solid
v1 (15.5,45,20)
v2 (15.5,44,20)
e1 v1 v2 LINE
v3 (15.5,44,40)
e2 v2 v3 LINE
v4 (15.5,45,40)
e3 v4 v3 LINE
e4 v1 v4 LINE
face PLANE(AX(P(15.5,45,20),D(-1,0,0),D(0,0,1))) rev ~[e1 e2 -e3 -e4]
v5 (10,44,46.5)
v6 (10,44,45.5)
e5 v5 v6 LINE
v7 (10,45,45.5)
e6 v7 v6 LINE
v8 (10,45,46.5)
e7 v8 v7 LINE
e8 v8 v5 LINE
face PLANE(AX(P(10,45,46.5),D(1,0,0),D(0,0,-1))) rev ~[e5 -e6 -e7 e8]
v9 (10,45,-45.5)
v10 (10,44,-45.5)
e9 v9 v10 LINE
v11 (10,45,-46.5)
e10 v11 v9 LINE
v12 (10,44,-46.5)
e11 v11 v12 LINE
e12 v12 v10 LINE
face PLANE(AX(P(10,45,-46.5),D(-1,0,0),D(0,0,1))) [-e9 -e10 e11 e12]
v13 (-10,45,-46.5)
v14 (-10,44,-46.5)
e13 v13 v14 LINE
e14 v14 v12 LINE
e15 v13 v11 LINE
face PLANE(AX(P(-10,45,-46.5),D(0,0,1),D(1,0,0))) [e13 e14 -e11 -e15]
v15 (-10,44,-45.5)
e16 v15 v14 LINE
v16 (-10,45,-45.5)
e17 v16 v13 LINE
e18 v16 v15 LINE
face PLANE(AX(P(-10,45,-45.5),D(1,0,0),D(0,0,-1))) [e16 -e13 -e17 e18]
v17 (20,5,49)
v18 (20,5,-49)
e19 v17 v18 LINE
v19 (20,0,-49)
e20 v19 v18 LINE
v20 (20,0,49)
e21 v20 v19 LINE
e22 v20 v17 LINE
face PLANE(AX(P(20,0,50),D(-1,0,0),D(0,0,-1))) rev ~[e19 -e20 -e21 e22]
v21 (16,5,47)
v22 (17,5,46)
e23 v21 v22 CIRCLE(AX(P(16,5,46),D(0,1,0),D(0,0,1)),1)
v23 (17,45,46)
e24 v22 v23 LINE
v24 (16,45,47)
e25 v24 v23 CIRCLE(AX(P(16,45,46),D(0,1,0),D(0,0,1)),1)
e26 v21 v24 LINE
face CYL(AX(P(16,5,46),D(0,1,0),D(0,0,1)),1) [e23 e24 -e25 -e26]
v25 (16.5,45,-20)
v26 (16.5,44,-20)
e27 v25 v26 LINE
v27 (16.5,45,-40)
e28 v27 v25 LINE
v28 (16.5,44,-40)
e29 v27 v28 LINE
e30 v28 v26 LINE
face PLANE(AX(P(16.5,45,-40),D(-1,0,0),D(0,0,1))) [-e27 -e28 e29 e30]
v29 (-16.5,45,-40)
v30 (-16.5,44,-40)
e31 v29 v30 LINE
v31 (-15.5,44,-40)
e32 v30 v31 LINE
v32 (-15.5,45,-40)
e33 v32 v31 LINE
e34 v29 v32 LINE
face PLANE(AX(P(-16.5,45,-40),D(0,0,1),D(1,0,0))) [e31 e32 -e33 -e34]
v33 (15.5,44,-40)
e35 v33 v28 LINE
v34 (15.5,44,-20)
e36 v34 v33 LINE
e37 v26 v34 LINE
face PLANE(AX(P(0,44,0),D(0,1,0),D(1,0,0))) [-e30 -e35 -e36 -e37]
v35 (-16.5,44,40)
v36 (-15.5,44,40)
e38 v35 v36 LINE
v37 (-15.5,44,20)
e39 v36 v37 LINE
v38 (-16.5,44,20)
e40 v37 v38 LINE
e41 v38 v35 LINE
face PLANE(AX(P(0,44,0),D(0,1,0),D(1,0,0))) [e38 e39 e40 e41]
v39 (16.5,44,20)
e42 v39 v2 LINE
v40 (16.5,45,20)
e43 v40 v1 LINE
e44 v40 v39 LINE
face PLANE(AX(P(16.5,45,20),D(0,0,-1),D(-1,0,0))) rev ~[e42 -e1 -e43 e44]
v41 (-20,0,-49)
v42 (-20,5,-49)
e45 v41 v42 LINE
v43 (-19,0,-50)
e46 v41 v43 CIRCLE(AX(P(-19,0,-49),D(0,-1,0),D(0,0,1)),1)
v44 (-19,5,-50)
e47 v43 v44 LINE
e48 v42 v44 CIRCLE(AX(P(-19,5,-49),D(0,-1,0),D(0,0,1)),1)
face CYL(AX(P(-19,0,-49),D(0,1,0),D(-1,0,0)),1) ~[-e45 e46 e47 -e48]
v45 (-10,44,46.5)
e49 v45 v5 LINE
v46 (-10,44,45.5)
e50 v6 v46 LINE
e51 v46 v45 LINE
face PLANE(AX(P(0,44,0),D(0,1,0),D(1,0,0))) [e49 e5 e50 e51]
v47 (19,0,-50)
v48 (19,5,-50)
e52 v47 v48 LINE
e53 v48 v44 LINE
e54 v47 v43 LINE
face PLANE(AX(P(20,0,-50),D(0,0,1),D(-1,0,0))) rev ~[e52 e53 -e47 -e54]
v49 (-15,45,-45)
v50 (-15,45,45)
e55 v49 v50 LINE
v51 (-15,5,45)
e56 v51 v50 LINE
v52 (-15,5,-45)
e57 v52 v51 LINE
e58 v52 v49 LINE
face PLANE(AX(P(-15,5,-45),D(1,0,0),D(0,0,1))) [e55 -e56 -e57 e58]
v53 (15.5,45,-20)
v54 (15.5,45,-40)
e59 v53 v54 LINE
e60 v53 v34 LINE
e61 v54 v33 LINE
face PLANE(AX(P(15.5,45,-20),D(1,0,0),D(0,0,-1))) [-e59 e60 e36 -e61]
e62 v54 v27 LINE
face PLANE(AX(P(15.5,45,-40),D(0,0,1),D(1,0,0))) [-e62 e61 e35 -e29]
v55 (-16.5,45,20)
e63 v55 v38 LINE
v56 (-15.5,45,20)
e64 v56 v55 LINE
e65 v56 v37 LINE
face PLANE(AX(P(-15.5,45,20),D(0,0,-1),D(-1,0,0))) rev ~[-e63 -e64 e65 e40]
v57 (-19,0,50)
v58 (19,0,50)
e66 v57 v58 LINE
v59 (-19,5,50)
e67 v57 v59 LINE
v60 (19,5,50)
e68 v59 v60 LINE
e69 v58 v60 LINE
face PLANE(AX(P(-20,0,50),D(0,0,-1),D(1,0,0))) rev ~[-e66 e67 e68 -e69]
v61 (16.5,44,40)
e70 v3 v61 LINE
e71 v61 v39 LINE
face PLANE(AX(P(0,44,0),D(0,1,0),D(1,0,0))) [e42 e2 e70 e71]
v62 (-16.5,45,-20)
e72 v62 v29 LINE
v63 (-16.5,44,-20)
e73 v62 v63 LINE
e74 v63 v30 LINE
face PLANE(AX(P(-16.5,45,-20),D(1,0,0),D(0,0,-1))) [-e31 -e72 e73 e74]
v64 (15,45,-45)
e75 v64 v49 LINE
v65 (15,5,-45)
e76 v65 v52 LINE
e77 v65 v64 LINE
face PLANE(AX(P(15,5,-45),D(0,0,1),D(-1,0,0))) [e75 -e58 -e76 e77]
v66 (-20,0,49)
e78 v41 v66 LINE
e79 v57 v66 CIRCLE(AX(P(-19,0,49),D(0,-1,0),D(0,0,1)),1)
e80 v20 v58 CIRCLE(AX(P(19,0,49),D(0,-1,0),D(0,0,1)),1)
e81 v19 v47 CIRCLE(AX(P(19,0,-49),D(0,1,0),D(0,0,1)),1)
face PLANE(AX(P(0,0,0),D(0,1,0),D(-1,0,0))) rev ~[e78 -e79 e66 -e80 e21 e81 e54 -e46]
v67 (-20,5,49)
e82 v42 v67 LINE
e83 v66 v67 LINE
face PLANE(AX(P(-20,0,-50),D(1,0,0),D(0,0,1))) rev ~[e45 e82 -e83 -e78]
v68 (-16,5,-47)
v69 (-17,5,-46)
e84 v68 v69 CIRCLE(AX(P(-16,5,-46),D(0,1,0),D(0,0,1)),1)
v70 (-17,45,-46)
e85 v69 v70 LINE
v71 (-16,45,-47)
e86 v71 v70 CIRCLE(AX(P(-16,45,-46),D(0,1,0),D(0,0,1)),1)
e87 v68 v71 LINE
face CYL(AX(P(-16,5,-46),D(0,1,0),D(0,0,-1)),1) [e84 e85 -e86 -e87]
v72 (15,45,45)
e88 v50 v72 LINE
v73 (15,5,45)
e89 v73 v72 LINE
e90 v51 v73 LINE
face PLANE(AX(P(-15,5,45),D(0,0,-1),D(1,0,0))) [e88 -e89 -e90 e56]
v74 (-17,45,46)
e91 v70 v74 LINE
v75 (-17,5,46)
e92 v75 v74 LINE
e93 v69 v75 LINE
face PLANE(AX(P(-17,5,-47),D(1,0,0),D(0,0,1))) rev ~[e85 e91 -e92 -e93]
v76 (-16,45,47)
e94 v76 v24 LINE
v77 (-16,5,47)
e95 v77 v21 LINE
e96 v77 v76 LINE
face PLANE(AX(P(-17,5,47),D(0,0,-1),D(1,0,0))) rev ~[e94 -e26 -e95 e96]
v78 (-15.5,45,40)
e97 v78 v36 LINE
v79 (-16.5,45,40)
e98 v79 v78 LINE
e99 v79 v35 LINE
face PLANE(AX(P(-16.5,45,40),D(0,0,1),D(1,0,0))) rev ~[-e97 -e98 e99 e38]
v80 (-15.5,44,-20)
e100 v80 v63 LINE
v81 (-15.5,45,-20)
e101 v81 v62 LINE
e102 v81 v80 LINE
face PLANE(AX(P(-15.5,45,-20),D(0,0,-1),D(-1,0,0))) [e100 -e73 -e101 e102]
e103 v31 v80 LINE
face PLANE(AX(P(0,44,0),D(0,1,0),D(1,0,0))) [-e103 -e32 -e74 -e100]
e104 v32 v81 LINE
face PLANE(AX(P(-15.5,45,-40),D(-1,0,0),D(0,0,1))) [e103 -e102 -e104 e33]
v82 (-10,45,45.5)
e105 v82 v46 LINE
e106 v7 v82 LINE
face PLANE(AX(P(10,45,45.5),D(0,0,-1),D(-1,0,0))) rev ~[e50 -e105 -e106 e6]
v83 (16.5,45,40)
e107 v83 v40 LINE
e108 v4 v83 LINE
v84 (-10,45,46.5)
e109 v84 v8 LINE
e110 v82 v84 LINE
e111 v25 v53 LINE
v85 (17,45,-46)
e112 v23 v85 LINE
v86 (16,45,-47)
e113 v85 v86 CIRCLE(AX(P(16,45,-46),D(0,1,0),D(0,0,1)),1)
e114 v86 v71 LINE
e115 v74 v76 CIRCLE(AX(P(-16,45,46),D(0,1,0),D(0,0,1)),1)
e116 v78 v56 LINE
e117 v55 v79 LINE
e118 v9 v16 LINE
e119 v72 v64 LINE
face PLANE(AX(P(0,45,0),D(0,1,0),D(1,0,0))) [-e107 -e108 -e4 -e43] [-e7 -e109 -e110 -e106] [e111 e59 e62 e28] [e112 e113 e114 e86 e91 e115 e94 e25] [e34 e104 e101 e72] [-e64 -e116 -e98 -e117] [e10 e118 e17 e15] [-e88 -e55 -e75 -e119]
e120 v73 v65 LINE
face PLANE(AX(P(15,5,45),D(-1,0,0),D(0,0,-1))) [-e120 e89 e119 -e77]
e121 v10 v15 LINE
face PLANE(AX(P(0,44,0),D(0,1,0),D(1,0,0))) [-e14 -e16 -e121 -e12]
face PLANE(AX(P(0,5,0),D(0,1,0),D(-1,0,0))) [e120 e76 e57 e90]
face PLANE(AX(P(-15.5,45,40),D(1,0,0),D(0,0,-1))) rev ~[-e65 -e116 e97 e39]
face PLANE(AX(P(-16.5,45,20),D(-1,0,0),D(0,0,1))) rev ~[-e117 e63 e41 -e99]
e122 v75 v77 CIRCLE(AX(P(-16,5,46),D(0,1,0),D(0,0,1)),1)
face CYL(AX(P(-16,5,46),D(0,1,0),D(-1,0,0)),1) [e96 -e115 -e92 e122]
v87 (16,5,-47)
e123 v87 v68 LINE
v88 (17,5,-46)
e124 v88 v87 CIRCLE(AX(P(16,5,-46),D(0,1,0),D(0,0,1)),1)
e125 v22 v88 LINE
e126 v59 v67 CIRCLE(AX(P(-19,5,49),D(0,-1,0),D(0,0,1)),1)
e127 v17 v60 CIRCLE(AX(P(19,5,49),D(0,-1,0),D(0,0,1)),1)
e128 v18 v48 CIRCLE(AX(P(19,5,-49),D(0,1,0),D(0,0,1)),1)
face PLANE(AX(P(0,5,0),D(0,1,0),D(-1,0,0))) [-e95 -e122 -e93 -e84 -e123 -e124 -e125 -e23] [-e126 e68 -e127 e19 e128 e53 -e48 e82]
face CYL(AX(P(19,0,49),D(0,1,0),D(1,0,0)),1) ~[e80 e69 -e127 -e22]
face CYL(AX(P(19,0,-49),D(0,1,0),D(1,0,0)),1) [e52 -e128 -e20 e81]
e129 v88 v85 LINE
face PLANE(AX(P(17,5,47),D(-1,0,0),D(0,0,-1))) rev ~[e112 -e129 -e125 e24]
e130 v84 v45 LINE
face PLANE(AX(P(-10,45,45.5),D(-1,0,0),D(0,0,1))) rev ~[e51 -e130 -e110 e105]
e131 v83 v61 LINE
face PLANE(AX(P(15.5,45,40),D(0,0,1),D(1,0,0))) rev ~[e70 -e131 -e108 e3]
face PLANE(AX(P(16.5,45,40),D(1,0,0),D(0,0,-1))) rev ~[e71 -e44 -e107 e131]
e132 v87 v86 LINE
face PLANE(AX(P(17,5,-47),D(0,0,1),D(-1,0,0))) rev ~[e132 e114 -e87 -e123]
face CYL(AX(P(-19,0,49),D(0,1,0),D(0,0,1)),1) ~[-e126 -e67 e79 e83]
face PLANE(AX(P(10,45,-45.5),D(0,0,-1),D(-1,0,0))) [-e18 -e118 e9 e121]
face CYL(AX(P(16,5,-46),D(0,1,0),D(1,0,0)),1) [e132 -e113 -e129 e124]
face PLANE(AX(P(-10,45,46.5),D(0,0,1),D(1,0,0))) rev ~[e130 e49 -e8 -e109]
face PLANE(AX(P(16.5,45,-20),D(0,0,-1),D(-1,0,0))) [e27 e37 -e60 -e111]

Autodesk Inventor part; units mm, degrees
ref_plane "YZ Plane" through (0, 0, 0) normal (1, 0, 0) x (0, 1, 0)
ref_plane "XZ Plane" through (0, 0, 0) normal (0, 1, 0) x (-1, 0, 0)
ref_plane "XY Plane" through (0, 0, 0) normal (0, 0, 1) x (1, 0, 0)
sketch "Sketch1" plane through (0, 0, 0) normal (0, 1, 0) x (-1, 0, 0)
  line L0 (-20, -50) -> (20, -50)
  line L1 (20, -50) -> (20, 50)
  line L2 (20, 50) -> (-20, 50)
  line L3 (-20, 50) -> (-20, -50)
  line L4 (-20, -50) -> (20, 50) construction
  line L5 (20, -50) -> (-20, 50) construction
  point P0 (0, 0)
  dimension "d2" = 40
  dimension "d3" = 100
extrude "Extrusion1" add sketch "Sketch1" along normal blind 5
sketch "Sketch2" plane through (0, 5, 0) normal (0, 1, 0) x (1, 0, 0)
  line L0 (-20, 50) -> (-20, -50) projected
  line L1 (-20, -50) -> (20, -50) projected
  line L2 (20, -50) -> (20, 50) projected
  line L3 (20, 50) -> (-20, 50) projected
  line L4 (17, 47) -> (-17, 47)
  line L5 (-17, 47) -> (-17, -47)
  line L6 (-17, -47) -> (17, -47)
  line L7 (17, -47) -> (17, 47)
  line L8 (17, 47) -> (-17, -47) construction
  line L9 (-17, 47) -> (17, -47) construction
  line L10 (15, 45) -> (-15, 45)
  line L11 (-15, 45) -> (-15, -45)
  line L12 (-15, -45) -> (15, -45)
  line L13 (15, -45) -> (15, 45)
  line L14 (15, 45) -> (-15, -45) construction
  line L15 (-15, 45) -> (15, -45) construction
  point P0 (0, 0)
  dimension "d6" = 3
  dimension "d7" = 2
  dimension "d52" = 3
  dimension "d53" = 2
extrude "Extrusion2" add sketch "Sketch2" along normal blind 40 contours L7 L6 L5 L4
fillet "Fillet1" radius 1 1 edges at (20, 2.5, 50)
fillet "Fillet2" radius 1 1 edges at (20, 2.5, -50)
fillet "Fillet3" radius 1 1 edges at (-20, 2.5, 50)
fillet "Fillet4" radius 1 1 edges at (-20, 2.5, -50)
fillet "Fillet5" radius 1 1 edges at (-17, 25, 47)
fillet "Fillet6" radius 1 1 edges at (17, 25, 47)
fillet "Fillet7" radius 1 1 edges at (17, 25, -47)
fillet "Fillet8" radius 1 1 edges at (-17, 25, -47)
sketch "Sketch3" plane through (0, 45, 0) normal (0, 1, 0) x (1, 0, 0)
  arc A0 (-16, 47) -> (-17, 46) centre (-16, 46) ccw projected
  line L0 (-17, 46) -> (-17, -46) projected
  arc A1 (-17, -46) -> (-16, -47) centre (-16, -46) ccw projected
  line L1 (-16, -47) -> (16, -47) projected
  arc A2 (16, -47) -> (17, -46) centre (16, -46) ccw projected
  line L2 (17, -46) -> (17, 46) projected
  arc A3 (17, 46) -> (16, 47) centre (16, 46) ccw projected
  line L3 (16, 47) -> (-16, 47) projected
  line L4 (15, 45) -> (15, -45) projected
  line L5 (15, -45) -> (-15, -45) projected
  line L6 (-15, -45) -> (-15, 45) projected
  line L7 (-15, 45) -> (15, 45) projected
  line L8 (-16.5, -40) -> (-15.5, -40)
  line L9 (-15.5, -40) -> (-15.5, -20)
  line L10 (-15.5, -20) -> (-16.5, -20)
  line L11 (-16.5, -20) -> (-16.5, -40)
  line L12 (-16.5, 40) -> (-15.5, 40)
  line L13 (-15.5, 40) -> (-15.5, 20)
  line L14 (-15.5, 20) -> (-16.5, 20)
  line L15 (-16.5, 20) -> (-16.5, 40)
  line L16 (-10, 46.5) -> (10, 46.5)
  line L17 (10, 46.5) -> (10, 45.5)
  line L18 (10, 45.5) -> (-10, 45.5)
  line L19 (-10, 45.5) -> (-10, 46.5)
  line L20 (10, 46.5) -> (-10, 46.5)
  line L21 (-10, 46.5) -> (-10, 45.5)
  line L22 (-10, 45.5) -> (10, 45.5)
  line L23 (10, 45.5) -> (10, 46.5)
  line L24 (15.5, 40) -> (16.5, 40)
  line L25 (16.5, 40) -> (16.5, 20)
  line L26 (16.5, 20) -> (15.5, 20)
  line L27 (15.5, 20) -> (15.5, 40)
  line L28 (15.5, -40) -> (16.5, -40)
  line L29 (16.5, -40) -> (16.5, -20)
  line L30 (16.5, -20) -> (15.5, -20)
  line L31 (15.5, -20) -> (15.5, -40)
  line L32 (10, -45.5) -> (-10, -45.5)
  line L33 (-10, -45.5) -> (-10, -46.5)
  line L34 (-10, -46.5) -> (10, -46.5)
  line L35 (10, -46.5) -> (10, -45.5)
  line L36 (-10, -45.5) -> (10, -45.5)
  line L37 (10, -45.5) -> (10, -46.5)
  line L38 (10, -46.5) -> (-10, -46.5)
  line L39 (-10, -46.5) -> (-10, -45.5)
  point P0 (0, 0)
  point P1 (-16, 40)
  point P2 (-16, 20)
  point P3 (16, 40)
  dimension "d18" = 1
  dimension "d19" = 20
  dimension "d20" = 0.5
  dimension "d21" = 7
  dimension "d22" = 7
  dimension "d23" = 0.5
  dimension "d24" = 1
  dimension "d25" = 20
  dimension "d26" = 20
  dimension "d27" = 1
  dimension "d28" = 0.5
  dimension "d29" = 7
  dimension "d30" = 20
  dimension "d31" = 1
  dimension "d32" = 0.5
  dimension "d33" = 7
  dimension "d34" = 1
  dimension "d35" = 20
  dimension "d36" = 0.5
  dimension "d37" = 7
  dimension "d38" = 1
  dimension "d39" = 20
  dimension "d40" = 7
  dimension "d41" = 0.5
  dimension "d42" = 20
  dimension "d43" = 1
  dimension "d44" = 0.5
  dimension "d45" = 7
  dimension "d46" = 20
  dimension "d47" = 1
  dimension "d48" = 0.5
  dimension "d49" = 7
extrude "Extrusion3" cut sketch "Sketch3" against normal blind 1 contours L11 L10 L9 L8 | L12 L13 L14 L15 | L16 L17 L18 L19 | L24 L25 L26 L27 | L31 L30 L29 L28 | L35 L34 L33 L32
properties part number "block_main" material "PC/ABS Plastic"
